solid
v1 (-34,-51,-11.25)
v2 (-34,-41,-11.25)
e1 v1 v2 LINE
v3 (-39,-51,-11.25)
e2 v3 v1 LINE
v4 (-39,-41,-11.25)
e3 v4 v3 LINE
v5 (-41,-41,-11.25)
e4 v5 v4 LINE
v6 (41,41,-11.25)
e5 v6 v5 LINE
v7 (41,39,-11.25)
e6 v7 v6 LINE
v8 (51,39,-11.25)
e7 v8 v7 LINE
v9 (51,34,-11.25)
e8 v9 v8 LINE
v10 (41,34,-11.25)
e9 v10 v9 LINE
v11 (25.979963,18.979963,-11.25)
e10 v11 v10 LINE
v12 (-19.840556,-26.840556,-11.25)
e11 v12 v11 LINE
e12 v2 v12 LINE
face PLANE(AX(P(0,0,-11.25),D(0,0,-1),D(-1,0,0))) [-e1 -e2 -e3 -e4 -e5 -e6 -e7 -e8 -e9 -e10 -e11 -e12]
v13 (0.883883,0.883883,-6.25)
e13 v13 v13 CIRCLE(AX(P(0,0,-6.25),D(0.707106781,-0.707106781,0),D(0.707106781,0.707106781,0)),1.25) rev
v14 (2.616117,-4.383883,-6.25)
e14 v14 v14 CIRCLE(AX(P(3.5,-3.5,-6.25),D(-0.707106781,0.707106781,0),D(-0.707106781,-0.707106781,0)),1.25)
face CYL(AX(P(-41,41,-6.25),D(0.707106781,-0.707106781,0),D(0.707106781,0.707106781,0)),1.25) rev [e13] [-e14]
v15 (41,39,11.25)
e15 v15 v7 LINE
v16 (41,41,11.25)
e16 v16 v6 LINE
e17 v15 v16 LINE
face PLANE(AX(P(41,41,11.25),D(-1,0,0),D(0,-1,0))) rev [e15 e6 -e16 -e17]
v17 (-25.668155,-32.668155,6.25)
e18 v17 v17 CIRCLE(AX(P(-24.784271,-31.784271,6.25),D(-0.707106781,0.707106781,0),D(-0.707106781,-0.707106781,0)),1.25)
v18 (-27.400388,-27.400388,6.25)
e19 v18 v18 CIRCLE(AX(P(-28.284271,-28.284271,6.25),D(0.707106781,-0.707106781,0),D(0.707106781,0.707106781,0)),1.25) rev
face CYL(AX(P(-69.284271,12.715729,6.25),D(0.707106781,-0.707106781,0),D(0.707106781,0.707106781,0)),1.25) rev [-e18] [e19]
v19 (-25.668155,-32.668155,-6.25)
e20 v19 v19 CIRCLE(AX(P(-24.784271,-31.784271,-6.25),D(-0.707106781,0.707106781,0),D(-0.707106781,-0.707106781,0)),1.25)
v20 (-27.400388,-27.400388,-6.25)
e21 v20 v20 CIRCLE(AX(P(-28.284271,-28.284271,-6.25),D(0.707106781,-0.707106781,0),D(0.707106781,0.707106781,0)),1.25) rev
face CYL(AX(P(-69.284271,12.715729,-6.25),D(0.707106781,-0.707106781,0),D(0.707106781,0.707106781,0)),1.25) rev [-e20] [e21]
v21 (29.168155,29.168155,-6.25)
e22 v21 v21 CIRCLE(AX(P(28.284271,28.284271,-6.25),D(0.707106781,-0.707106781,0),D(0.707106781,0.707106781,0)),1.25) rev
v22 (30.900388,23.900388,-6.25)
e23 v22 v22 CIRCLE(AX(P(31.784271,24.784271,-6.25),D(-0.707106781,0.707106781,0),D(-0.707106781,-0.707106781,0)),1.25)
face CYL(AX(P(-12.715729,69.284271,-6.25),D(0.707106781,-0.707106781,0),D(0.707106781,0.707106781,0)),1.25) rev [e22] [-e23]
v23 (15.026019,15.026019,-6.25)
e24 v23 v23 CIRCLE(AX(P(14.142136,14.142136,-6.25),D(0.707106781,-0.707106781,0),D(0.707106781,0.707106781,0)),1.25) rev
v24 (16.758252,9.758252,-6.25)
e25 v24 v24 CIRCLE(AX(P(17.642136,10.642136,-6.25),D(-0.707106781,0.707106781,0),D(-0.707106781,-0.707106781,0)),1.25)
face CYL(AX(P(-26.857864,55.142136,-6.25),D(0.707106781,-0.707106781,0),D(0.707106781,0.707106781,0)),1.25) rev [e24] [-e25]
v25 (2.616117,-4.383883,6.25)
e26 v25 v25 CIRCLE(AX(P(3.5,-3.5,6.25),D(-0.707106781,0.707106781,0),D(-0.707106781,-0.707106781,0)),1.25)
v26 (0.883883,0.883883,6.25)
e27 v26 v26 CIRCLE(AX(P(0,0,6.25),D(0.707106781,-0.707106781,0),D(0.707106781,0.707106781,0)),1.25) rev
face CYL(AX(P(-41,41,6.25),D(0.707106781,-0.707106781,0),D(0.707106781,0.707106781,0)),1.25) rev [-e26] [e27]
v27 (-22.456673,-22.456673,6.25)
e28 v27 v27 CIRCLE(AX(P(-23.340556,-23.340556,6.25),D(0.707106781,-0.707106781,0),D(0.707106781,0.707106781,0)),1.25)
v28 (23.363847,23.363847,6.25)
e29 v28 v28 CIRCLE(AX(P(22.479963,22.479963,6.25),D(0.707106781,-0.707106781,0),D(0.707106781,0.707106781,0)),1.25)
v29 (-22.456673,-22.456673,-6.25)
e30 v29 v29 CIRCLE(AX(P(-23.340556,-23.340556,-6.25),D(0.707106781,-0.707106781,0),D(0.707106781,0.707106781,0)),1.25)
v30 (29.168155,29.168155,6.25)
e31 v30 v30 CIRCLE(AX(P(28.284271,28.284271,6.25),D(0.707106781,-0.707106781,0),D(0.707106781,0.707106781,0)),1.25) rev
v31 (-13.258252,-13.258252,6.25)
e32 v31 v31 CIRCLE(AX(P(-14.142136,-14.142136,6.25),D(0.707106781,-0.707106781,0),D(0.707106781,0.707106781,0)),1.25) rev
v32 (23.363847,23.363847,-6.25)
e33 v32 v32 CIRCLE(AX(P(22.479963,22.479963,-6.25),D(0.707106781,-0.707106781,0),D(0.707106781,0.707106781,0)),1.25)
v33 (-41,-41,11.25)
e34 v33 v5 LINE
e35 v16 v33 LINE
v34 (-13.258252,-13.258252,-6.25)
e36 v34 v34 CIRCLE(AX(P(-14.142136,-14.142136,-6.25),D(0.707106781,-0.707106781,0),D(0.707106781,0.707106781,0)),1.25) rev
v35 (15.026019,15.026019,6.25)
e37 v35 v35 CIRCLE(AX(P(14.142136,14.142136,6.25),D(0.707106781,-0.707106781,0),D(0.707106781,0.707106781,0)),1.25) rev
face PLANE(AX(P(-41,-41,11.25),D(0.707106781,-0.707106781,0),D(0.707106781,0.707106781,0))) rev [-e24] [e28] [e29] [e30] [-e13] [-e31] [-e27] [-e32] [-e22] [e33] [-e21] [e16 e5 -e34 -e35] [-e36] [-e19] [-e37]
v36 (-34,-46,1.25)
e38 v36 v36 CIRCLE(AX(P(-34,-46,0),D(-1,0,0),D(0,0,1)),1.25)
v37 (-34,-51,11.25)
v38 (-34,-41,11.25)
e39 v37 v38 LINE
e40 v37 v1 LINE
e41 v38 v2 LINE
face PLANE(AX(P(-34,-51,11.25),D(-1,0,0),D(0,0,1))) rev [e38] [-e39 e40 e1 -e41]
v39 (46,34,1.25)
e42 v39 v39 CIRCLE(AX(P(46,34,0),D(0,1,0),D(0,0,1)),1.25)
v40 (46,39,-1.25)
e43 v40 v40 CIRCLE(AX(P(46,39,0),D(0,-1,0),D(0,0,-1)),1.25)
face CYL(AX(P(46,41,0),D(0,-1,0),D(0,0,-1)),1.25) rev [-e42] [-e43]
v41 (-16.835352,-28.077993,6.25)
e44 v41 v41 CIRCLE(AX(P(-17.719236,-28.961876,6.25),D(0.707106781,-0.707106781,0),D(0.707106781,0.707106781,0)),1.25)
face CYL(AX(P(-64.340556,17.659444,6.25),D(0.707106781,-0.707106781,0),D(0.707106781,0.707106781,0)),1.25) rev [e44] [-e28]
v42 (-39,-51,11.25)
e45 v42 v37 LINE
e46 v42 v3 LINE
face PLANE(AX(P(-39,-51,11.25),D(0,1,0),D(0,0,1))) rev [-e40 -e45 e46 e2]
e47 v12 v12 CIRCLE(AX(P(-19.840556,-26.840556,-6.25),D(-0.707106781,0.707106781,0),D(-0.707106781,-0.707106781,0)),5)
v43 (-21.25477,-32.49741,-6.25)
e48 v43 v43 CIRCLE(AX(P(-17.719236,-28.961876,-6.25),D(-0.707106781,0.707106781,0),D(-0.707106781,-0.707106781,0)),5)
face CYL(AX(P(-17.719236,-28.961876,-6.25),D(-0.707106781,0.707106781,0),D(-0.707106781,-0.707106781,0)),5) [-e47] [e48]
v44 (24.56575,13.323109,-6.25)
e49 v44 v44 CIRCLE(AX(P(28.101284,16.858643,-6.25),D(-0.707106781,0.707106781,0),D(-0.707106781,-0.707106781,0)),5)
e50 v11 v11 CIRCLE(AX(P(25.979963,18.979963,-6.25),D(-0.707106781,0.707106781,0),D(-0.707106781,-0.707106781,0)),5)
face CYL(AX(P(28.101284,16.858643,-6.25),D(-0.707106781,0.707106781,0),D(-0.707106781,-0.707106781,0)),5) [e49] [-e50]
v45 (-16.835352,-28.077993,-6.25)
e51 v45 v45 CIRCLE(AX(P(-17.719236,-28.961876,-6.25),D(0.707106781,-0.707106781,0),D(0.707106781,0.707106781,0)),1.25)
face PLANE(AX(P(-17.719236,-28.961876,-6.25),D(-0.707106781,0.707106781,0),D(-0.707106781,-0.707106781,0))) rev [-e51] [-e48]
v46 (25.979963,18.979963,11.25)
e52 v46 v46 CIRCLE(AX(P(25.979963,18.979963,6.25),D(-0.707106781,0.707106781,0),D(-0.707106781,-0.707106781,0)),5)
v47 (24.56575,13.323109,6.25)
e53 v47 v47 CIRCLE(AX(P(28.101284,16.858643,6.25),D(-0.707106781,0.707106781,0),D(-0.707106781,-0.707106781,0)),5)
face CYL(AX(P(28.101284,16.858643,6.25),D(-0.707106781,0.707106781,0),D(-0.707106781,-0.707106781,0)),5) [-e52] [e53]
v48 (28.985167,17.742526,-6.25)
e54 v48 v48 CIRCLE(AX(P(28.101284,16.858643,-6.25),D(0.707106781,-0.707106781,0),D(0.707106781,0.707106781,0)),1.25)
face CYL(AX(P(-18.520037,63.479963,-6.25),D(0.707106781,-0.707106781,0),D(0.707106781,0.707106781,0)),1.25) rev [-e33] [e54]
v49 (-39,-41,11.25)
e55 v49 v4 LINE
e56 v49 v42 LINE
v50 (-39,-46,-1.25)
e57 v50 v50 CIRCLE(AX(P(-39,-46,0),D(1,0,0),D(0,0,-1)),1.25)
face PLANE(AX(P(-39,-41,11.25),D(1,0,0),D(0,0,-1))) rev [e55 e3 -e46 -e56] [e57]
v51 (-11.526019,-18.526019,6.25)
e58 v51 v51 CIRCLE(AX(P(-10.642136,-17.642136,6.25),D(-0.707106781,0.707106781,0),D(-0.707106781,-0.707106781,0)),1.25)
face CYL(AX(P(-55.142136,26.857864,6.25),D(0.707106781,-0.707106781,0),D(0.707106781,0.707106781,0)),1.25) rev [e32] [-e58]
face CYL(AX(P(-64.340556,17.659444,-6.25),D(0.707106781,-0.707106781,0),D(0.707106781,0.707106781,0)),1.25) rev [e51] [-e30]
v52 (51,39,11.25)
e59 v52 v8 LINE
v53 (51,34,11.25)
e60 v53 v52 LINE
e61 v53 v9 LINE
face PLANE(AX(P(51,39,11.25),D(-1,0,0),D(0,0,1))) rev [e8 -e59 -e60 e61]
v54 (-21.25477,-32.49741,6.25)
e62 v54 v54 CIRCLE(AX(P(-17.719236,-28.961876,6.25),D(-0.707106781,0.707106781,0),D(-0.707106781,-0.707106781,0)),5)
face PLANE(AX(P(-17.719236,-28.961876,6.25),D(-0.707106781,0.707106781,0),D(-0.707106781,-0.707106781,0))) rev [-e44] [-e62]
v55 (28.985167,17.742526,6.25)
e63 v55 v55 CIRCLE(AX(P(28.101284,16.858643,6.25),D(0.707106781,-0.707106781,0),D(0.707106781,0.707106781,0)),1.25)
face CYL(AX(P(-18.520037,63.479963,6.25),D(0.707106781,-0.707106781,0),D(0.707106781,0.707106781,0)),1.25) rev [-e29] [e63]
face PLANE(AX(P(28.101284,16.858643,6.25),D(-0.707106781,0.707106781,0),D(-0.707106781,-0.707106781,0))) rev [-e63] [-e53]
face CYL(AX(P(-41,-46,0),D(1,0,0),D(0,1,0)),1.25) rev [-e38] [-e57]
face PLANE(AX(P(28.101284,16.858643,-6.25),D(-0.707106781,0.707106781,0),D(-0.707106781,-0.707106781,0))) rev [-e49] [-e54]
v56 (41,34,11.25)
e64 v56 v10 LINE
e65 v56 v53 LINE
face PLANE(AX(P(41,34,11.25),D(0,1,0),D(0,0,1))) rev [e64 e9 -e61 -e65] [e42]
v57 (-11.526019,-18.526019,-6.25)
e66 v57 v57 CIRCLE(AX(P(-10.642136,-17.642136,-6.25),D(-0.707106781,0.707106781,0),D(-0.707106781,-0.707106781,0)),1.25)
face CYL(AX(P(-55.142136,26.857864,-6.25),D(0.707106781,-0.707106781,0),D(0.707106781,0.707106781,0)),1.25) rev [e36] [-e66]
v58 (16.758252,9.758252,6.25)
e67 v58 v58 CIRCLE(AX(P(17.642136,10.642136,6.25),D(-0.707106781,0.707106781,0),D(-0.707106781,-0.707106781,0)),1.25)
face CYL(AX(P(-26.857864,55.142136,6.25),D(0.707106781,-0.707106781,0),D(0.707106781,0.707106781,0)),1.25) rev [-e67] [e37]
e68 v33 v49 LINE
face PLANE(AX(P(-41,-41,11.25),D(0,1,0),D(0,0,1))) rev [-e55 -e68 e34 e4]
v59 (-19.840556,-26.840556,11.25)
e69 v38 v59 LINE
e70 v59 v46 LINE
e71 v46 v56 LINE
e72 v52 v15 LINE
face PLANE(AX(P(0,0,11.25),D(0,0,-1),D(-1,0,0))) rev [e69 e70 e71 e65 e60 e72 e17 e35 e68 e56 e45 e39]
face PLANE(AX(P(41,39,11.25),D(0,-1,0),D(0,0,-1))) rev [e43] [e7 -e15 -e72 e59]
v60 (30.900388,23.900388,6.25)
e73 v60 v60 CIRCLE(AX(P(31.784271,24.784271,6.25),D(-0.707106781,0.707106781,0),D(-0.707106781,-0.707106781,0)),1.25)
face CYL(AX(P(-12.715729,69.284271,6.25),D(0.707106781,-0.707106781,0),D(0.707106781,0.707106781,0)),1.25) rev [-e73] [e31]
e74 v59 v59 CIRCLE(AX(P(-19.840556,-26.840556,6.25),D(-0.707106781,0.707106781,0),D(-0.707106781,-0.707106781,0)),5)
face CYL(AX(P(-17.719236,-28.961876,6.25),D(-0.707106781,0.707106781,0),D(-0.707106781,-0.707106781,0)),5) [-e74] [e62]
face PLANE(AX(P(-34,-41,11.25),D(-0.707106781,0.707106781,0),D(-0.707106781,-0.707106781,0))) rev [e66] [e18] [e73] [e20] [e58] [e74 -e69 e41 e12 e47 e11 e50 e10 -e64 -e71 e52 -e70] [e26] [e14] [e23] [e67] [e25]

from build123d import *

# Parameters (mm, degrees)
MAIN_DEPTH                = 11.25
SKETCH2_R                 = 1.25
FIXHOLE1_DEPTH            = 83
SKETCH3_R                 = 1.25
FIXHOLE2_DEPTH            = 83
SKETCH6_R                 = 1.25
CUT_EXTRUDE2_DEPTH        = 63.932503526
LPATTERN1_COUNT           = 5
LPATTERN1_PITCH           = 20
SKETCH7_R                 = 5
BOSS_EXTRUDE1_DEPTH       = 3
SKETCH8_R                 = 1.25
CUT_EXTRUDE3_DEPTH        = 66.932503526
LPATTERN2_COUNT           = 2
LPATTERN2_PITCH           = 12.5
LPATTERN2_COPY_1_SKETCH_R = 1.25
LPATTERN2_COPY_1_DEPTH    = 63.932503526
LPATTERN2_COPY_2_SKETCH_R = 1.25
LPATTERN2_COPY_2_DEPTH    = 63.932503526
LPATTERN2_COPY_3_SKETCH_R = 1.25
LPATTERN2_COPY_3_DEPTH    = 63.932503526
LPATTERN2_COPY_4_SKETCH_R = 1.25
LPATTERN2_COPY_4_DEPTH    = 63.932503526


with BuildPart() as part:
    # Sketch1 → Main (new body, symmetric)
    with BuildSketch(Plane.XY):
        Polygon((-41, -41), (41, 41), (41, 39), (51, 39), (51, 34), (41, 34), (-34, -41), (-34, -51), (-39, -51), (-39, -41), align=None)
    extrude(amount=MAIN_DEPTH, both=True)

    # Sketch2 → FixHole1 (cut, through all)
    with BuildSketch(Plane(origin=(41, 0, 0), x_dir=(0, 0, -1), z_dir=(1, 0, 0))):
        with Locations((0, -46)):
            Circle(SKETCH2_R)
    extrude(amount=-FIXHOLE1_DEPTH, mode=Mode.SUBTRACT)

    # Sketch3 → FixHole2 (cut, through all)
    with BuildSketch(Plane(origin=(0, -41, 0), x_dir=(-1, 0, 0), z_dir=(0, -1, 0))):
        with Locations((-46, 0)):
            Circle(SKETCH3_R)
    extrude(amount=-FIXHOLE2_DEPTH, mode=Mode.SUBTRACT)

    # Sketch6 → Cut-Extrude2 (cut, through all)
    with BuildSketch(Plane(origin=(3.5, -3.5, 0), x_dir=(0, 0, 1), z_dir=(-0.707106781, 0.707106781, 0))):
        with Locations((-6.25, 40)):
            Circle(SKETCH6_R)
    cut_extrude2 = extrude(amount=CUT_EXTRUDE2_DEPTH, mode=Mode.SUBTRACT)

    # LPattern1: Cut-Extrude2 ×5
    with Locations(*[Vector(-0.707106781, -0.707106781, 0) * (i * LPATTERN1_PITCH) for i in range(1, LPATTERN1_COUNT)]):
        add(cut_extrude2, mode=Mode.SUBTRACT)

    # Sketch7 → Boss-Extrude1 (add)
    with BuildSketch(Plane(origin=(3.5, -3.5, 0), x_dir=(0, 0, 1), z_dir=(-0.707106781, 0.707106781, 0))):
        with Locations((-6.25, -33.008531019)):
            Circle(SKETCH7_R)
        with Locations((-6.25, 31.791468981)):
            Circle(SKETCH7_R)
    boss_extrude1 = extrude(amount=-BOSS_EXTRUDE1_DEPTH)

    # Sketch8 → Cut-Extrude3 (cut, through all)
    with BuildSketch(Plane(origin=(5.621320344, -5.621320344, 0), x_dir=(0, 0, -1), z_dir=(0.707106781, -0.707106781, 0))):
        with Locations((6.25, 31.791468981)):
            Circle(SKETCH8_R)
        with Locations((6.25, -33.008531019)):
            Circle(SKETCH8_R)
    cut_extrude3 = extrude(amount=-CUT_EXTRUDE3_DEPTH, mode=Mode.SUBTRACT)

    # LPattern2: Boss-Extrude1, Cut-Extrude3, Cut-Extrude2 ×2
    with Locations(*[(0, 0, i * LPATTERN2_PITCH) for i in range(1, LPATTERN2_COUNT)]):
        add(boss_extrude1)
        add(cut_extrude3, mode=Mode.SUBTRACT)
        add(cut_extrude2, mode=Mode.SUBTRACT)

    # LPattern2 copy 1 sketch → LPattern2 copy 1 (cut, through all)
    with BuildSketch(Plane(origin=(-10.642135624, -17.642135624, 12.5), x_dir=(0, 0, 1), z_dir=(-0.707106781, 0.707106781, 0))):
        with Locations((-6.25, 40)):
            Circle(LPATTERN2_COPY_1_SKETCH_R)
    extrude(amount=LPATTERN2_COPY_1_DEPTH, mode=Mode.SUBTRACT)

    # LPattern2 copy 2 sketch → LPattern2 copy 2 (cut, through all)
    with BuildSketch(Plane(origin=(-24.784271247, -31.784271247, 12.5), x_dir=(0, 0, 1), z_dir=(-0.707106781, 0.707106781, 0))):
        with Locations((-6.25, 40)):
            Circle(LPATTERN2_COPY_2_SKETCH_R)
    extrude(amount=LPATTERN2_COPY_2_DEPTH, mode=Mode.SUBTRACT)

    # LPattern2 copy 3 sketch → LPattern2 copy 3 (cut, through all)
    with BuildSketch(Plane(origin=(-38.926406871, -45.926406871, 12.5), x_dir=(0, 0, 1), z_dir=(-0.707106781, 0.707106781, 0))):
        with Locations((-6.25, 40)):
            Circle(LPATTERN2_COPY_3_SKETCH_R)
    extrude(amount=LPATTERN2_COPY_3_DEPTH, mode=Mode.SUBTRACT)

    # LPattern2 copy 4 sketch → LPattern2 copy 4 (cut, through all)
    with BuildSketch(Plane(origin=(-53.068542495, -60.068542495, 12.5), x_dir=(0, 0, 1), z_dir=(-0.707106781, 0.707106781, 0))):
        with Locations((-6.25, 40)):
            Circle(LPATTERN2_COPY_4_SKETCH_R)
    extrude(amount=LPATTERN2_COPY_4_DEPTH, mode=Mode.SUBTRACT)


solid = part.part
